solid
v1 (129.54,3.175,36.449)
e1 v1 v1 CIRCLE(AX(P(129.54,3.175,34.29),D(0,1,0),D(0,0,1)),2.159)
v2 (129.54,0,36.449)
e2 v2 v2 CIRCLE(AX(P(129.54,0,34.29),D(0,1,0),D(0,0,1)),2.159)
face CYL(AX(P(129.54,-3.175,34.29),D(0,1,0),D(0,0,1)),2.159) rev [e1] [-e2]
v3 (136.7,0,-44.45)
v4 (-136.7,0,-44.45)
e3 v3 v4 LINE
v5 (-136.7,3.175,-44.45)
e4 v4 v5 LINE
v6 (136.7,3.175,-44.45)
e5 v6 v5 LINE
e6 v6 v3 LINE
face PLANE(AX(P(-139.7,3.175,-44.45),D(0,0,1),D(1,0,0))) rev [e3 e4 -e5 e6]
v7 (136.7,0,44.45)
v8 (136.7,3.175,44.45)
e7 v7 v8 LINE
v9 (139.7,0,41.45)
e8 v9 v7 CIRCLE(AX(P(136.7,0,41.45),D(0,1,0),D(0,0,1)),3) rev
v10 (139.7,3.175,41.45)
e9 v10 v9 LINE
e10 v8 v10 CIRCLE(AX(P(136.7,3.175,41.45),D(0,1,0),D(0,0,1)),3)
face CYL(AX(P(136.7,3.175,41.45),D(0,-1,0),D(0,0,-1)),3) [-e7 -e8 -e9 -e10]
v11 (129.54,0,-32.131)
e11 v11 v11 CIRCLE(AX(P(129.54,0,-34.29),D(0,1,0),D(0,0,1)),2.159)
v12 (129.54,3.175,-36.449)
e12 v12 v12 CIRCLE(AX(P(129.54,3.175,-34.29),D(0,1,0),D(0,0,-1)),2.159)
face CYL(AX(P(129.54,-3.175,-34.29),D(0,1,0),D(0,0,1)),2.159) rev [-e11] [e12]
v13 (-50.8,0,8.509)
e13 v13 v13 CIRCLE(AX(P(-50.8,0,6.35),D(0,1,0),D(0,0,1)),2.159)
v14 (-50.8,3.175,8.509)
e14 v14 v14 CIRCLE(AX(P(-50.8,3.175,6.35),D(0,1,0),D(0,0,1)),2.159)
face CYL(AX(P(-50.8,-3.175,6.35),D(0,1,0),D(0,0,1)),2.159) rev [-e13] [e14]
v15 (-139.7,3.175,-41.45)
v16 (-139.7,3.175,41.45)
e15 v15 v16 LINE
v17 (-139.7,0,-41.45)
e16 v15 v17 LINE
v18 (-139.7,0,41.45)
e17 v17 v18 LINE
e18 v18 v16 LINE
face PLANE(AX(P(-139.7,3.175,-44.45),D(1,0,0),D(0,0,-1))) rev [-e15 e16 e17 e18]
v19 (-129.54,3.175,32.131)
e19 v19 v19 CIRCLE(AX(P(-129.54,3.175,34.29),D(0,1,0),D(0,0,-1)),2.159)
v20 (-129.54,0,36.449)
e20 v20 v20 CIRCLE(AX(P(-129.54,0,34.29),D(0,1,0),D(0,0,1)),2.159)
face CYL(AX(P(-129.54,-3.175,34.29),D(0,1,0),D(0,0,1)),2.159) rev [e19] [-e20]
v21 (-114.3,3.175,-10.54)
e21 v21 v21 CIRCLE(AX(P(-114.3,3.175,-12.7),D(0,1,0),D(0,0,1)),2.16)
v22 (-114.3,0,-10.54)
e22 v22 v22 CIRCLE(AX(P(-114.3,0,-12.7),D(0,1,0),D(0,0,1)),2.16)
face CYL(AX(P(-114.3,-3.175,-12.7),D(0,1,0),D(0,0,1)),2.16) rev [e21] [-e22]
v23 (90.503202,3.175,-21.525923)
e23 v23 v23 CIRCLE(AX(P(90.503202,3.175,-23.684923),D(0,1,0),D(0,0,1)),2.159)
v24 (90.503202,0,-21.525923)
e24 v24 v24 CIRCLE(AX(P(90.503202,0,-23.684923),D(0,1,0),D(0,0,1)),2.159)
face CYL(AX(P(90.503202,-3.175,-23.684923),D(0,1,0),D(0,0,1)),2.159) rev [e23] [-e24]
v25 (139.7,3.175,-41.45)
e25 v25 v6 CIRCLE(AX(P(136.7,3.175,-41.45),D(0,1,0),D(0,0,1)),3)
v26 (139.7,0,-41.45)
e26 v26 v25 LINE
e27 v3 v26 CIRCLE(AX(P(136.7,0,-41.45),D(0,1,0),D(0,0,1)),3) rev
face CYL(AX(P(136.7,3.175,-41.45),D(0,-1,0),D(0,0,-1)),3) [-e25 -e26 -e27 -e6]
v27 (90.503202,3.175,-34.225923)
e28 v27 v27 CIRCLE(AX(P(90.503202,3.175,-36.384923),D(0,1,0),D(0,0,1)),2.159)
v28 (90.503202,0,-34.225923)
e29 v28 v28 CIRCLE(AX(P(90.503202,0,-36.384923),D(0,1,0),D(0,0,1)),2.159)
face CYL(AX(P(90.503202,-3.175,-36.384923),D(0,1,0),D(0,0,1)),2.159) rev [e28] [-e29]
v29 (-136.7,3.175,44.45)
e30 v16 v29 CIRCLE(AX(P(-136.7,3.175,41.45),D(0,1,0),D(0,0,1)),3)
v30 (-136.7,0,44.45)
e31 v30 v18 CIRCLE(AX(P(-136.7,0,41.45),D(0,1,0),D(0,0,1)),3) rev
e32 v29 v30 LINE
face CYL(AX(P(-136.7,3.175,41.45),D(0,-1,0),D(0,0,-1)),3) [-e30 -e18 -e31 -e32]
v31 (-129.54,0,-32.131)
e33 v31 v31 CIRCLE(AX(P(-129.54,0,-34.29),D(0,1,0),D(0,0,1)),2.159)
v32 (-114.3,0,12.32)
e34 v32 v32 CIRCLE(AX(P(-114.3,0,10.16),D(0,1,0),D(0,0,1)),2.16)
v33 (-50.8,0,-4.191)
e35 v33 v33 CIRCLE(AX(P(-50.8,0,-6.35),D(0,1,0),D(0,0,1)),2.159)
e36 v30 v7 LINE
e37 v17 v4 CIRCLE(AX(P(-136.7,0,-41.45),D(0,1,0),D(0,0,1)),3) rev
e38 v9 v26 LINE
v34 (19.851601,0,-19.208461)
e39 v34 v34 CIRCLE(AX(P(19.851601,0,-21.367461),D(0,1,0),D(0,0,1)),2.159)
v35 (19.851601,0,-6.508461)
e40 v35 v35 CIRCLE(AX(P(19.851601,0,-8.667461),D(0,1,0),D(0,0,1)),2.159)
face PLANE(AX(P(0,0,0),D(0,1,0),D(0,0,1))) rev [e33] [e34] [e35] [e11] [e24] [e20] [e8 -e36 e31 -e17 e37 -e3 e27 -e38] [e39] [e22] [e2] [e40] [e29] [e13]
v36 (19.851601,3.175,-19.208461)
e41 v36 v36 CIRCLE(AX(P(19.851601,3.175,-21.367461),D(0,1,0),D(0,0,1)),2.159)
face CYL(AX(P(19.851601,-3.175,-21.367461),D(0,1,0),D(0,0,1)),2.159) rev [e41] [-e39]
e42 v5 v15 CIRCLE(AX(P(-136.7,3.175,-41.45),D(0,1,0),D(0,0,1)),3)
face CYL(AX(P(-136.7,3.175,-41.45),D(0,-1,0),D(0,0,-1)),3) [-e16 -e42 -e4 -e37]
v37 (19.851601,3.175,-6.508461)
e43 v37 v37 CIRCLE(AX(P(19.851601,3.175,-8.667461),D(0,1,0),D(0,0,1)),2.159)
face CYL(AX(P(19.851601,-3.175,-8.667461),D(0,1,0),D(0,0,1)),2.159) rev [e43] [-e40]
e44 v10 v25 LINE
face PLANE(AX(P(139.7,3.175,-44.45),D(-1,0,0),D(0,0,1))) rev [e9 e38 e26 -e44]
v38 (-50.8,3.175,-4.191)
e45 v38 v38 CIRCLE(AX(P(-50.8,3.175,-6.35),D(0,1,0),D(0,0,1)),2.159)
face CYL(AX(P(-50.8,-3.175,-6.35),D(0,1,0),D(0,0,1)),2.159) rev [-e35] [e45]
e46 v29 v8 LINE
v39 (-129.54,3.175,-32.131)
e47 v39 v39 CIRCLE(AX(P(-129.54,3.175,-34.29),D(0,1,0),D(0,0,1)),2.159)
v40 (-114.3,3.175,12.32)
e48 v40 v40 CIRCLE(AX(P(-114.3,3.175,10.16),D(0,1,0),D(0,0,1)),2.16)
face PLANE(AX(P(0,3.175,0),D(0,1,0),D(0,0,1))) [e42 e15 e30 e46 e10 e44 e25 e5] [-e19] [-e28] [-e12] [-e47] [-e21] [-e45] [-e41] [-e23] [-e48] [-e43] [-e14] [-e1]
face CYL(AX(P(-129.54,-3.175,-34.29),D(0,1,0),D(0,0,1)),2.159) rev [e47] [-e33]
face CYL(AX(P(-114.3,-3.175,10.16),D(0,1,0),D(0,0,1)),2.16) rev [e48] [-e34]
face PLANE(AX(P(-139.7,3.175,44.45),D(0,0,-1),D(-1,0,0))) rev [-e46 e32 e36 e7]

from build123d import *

# Parameters (mm, degrees)
SKETCH1_W           = 279.4
SKETCH1_H           = 88.9
BOSS_EXTRUDE1_DEPTH = 3.175
SKETCH2_R           = 2.16
SKETCH2_R_2         = 2.159
CUT_EXTRUDE1_DEPTH  = 6.35
FILLET1_R           = 3


with BuildPart() as part:
    # Sketch1 → Boss-Extrude1 (new body)
    with BuildSketch(Plane(origin=(0, 0, 0), x_dir=(1, 0, 0), z_dir=(0, 1, 0))):
        Rectangle(SKETCH1_W, SKETCH1_H)
    extrude(amount=BOSS_EXTRUDE1_DEPTH)

    # Sketch2 → Cut-Extrude1 (cut)
    with BuildSketch(Plane(origin=(0, 3.175, 0), x_dir=(1, 0, 0), z_dir=(0, 1, 0))):
        with Locations(Location((-114.3, 12.7, 0), (0, 0, 270))):
            Circle(SKETCH2_R)
        with Locations(Location((-114.3, -10.16, 0), (0, 0, 270))):
            Circle(SKETCH2_R)
        with Locations(Location((-50.8, 6.35, 0), (0, 0, 270))):
            Circle(SKETCH2_R_2)
        with Locations(Location((-50.8, -6.35, 0), (0, 0, 270))):
            Circle(SKETCH2_R_2)
        with Locations(Location((19.851601201, 8.667461428, 0), (0, 0, 270))):
            Circle(SKETCH2_R_2)
        with Locations(Location((19.851601201, 21.367461428, 0), (0, 0, 270))):
            Circle(SKETCH2_R_2)
        with Locations(Location((90.503202402, 23.684922856, 0), (0, 0, 270))):
            Circle(SKETCH2_R_2)
        with Locations(Location((90.503202402, 36.384922856, 0), (0, 0, 270))):
            Circle(SKETCH2_R_2)
        with Locations(Location((129.54, -34.29, 0), (0, 0, 270))):
            Circle(SKETCH2_R_2)
        with Locations(Location((-129.54, -34.29, 0), (0, 0, 270))):
            Circle(SKETCH2_R_2)
        with Locations(Location((-129.54, 34.29, 0), (0, 0, 270))):
            Circle(SKETCH2_R_2)
        with Locations(Location((129.54, 34.29, 0), (0, 0, 270))):
            Circle(SKETCH2_R_2)
    extrude(amount=-CUT_EXTRUDE1_DEPTH, mode=Mode.SUBTRACT)

    # Fillet1
    fillet1_edges = [part.edges().sort_by_distance(p)[0] for p in [
        (139.7, 1.5875, 44.45),
        (-139.7, 1.5875, 44.45),
        (-139.7, 1.5875, -44.45),
        (139.7, 1.5875, -44.45),
    ]]
    fillet(fillet1_edges, radius=FILLET1_R)


solid = part.part
